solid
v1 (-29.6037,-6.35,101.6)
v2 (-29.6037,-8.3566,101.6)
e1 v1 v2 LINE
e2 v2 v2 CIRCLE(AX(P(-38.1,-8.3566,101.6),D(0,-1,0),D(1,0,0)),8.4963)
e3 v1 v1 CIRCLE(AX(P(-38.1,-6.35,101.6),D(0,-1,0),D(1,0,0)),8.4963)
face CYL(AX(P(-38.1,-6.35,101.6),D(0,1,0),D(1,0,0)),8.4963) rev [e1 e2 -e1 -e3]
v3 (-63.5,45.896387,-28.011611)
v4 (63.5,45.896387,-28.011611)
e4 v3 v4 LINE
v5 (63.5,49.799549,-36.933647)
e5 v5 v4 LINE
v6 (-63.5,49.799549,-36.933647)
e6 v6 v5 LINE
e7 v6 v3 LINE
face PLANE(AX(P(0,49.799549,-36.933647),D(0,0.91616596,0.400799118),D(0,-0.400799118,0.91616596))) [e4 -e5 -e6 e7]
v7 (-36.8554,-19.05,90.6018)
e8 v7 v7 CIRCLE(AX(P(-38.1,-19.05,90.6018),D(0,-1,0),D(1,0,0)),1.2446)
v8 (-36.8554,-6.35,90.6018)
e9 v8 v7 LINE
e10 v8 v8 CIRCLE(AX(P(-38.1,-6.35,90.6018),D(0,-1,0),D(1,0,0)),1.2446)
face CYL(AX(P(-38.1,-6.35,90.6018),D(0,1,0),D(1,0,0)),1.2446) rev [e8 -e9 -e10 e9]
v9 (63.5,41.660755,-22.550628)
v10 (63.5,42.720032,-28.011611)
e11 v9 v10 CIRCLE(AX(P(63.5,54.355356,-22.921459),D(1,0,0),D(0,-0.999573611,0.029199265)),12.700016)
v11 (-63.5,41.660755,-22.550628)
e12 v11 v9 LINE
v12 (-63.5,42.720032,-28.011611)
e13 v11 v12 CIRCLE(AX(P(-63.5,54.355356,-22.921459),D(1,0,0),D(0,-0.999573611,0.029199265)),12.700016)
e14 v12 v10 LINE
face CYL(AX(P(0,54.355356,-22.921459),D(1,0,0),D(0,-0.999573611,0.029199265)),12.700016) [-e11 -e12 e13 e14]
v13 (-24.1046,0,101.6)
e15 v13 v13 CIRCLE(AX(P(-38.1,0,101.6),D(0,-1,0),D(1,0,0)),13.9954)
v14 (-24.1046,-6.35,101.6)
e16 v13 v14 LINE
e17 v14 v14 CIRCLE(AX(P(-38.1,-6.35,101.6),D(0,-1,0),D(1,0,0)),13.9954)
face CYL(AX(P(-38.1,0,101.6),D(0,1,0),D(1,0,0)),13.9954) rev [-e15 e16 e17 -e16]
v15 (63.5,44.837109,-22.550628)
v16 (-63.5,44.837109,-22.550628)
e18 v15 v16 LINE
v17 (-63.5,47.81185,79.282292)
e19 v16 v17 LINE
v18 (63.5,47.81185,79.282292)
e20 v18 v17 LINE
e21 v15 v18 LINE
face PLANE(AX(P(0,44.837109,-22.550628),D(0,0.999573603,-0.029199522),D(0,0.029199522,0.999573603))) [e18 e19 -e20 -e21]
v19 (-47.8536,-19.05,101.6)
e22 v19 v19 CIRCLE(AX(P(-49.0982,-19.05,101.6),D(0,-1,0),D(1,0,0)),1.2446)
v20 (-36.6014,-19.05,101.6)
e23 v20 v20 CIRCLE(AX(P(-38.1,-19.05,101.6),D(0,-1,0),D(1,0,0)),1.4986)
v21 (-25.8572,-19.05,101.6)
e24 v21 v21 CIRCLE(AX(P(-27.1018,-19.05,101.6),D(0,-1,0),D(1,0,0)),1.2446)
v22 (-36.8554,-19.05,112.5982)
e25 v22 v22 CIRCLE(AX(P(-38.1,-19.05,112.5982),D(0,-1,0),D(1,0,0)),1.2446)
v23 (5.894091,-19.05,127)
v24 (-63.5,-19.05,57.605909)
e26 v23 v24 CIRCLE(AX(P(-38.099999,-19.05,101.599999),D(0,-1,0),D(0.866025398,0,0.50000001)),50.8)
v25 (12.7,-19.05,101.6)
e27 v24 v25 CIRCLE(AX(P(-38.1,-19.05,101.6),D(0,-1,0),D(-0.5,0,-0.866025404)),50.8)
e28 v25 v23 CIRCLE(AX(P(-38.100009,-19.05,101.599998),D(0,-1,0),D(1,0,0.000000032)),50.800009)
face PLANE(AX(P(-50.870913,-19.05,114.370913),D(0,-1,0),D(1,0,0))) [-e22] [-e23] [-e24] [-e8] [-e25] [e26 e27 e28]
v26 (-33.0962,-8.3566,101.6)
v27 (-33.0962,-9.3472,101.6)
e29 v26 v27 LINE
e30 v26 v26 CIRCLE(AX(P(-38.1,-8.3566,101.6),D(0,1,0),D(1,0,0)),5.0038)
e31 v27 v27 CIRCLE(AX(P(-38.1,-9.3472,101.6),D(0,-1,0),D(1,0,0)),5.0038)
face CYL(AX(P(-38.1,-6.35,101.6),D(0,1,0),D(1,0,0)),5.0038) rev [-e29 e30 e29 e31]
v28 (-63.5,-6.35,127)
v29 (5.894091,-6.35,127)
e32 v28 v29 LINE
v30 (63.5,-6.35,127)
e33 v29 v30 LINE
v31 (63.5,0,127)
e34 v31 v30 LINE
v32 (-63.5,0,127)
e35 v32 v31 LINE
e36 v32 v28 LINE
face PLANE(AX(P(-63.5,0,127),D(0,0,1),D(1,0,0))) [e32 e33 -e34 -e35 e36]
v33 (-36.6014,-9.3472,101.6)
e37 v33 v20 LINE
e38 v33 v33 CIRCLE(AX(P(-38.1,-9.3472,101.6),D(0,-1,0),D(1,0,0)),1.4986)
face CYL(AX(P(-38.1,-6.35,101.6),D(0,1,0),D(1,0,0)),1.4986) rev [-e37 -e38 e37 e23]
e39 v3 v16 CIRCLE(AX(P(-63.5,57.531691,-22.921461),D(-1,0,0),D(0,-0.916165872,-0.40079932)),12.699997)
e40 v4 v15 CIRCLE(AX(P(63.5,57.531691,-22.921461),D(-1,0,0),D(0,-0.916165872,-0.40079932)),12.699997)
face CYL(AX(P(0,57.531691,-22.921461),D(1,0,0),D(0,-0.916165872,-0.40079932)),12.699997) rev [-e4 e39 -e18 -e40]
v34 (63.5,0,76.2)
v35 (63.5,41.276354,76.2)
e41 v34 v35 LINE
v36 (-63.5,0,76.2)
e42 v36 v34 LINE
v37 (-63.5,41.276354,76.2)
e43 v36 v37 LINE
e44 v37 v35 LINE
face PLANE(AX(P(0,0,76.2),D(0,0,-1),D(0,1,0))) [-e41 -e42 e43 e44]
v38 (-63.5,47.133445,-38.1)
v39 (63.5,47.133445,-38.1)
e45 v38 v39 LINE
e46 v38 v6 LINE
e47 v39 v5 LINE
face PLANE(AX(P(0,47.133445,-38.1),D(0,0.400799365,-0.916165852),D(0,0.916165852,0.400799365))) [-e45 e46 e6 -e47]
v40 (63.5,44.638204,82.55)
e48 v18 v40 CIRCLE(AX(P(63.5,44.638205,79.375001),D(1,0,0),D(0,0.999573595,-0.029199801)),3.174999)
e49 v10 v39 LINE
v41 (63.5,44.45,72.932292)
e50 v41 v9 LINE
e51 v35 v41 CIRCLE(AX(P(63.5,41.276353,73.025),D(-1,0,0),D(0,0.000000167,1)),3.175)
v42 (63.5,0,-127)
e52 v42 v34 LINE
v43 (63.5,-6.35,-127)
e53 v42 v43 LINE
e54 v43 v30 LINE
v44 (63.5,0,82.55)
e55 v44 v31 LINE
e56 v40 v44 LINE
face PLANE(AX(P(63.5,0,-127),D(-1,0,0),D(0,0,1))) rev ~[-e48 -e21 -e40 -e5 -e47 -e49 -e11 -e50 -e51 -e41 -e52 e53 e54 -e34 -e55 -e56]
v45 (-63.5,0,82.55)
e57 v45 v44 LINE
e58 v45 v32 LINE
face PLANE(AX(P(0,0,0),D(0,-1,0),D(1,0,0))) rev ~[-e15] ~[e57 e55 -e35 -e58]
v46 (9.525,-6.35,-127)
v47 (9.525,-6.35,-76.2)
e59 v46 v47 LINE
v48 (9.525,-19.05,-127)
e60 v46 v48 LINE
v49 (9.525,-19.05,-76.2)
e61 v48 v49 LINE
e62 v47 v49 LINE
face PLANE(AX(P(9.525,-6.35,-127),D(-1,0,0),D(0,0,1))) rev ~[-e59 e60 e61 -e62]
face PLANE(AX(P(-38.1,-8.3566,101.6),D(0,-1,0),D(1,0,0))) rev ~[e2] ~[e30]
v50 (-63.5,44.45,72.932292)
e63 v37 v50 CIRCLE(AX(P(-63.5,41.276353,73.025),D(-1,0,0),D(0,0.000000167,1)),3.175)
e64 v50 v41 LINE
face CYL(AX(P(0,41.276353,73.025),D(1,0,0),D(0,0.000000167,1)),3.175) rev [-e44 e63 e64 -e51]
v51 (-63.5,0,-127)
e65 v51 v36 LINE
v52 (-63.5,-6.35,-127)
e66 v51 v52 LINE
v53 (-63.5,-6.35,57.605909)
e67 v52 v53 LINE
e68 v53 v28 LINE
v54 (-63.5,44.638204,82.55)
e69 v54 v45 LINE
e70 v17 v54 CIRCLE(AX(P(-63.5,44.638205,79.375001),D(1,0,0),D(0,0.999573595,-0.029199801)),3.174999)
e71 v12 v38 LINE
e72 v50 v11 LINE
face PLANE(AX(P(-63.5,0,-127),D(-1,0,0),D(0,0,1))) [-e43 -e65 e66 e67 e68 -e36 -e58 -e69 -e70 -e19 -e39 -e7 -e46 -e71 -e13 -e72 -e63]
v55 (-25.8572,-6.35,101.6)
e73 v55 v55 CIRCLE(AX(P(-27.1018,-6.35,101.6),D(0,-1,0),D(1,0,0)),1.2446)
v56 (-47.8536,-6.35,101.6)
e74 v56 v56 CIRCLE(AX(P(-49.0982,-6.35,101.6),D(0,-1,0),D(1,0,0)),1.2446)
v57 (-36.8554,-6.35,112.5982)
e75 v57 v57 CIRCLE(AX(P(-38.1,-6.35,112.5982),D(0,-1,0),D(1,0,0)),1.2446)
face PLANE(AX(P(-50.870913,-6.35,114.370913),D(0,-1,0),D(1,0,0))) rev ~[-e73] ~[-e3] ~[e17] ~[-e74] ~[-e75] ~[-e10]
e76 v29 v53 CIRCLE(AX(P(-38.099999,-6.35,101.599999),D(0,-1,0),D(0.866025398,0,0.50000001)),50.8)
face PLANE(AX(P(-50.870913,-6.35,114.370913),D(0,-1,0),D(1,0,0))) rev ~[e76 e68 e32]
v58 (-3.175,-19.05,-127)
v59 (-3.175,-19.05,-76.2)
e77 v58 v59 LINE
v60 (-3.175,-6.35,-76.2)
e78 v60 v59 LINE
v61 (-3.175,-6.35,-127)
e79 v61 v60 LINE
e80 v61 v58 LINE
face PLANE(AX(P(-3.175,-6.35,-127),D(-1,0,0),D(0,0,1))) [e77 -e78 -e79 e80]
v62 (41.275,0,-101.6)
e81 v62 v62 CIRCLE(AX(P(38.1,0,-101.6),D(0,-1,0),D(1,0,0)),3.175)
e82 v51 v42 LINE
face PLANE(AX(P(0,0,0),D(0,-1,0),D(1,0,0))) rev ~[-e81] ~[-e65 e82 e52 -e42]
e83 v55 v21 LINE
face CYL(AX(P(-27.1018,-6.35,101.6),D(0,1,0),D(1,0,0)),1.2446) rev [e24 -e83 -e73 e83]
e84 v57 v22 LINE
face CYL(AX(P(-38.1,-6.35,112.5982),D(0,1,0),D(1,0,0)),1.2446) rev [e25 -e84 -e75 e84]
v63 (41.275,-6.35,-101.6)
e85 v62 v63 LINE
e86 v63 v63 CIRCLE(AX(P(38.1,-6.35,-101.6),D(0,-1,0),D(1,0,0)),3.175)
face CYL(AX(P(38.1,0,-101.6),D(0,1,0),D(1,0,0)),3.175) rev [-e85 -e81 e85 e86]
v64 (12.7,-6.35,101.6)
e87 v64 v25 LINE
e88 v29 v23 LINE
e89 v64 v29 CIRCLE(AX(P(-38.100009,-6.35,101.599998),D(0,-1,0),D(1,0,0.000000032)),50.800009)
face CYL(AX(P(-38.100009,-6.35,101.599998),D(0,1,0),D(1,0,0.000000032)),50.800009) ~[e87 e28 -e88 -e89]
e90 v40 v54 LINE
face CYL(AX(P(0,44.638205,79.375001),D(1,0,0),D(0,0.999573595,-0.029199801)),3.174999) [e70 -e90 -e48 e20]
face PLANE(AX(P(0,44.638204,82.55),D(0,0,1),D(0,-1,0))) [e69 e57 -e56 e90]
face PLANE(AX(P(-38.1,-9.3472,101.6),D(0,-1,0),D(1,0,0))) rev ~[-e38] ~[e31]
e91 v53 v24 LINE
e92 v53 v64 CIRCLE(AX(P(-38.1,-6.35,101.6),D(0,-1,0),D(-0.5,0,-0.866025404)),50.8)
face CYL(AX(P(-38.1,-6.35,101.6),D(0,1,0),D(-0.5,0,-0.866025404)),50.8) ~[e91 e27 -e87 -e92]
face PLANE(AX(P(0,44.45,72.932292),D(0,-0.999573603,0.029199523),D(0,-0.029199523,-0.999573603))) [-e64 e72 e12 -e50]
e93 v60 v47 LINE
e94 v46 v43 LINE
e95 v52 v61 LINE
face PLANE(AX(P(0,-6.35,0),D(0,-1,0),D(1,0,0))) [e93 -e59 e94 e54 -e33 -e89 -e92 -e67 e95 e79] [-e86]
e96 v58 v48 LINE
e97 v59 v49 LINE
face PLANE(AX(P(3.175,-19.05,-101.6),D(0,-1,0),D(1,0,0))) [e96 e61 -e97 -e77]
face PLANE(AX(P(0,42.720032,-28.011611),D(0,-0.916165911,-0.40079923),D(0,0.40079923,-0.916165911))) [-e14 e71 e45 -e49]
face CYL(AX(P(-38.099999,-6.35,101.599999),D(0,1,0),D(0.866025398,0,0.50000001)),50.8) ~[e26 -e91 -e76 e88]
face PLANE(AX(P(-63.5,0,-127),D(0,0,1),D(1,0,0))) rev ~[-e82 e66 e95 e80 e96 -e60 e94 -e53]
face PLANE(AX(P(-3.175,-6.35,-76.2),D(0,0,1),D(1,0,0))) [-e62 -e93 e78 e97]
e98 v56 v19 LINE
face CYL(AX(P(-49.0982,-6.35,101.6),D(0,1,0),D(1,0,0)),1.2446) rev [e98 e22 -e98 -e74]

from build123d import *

# Parameters (mm, degrees)
F0_W     = 127
F0_H     = 254
F0_R     = 3.175
F0_R_2   = 13.9954
F1_DEPTH = 6.35
F3_DEPTH = 63.5
F4_R     = 13.9954
F4_R_2   = 1.2446
F4_R_3   = 8.4963
F4_R_4   = 5.0038
F4_R_5   = 1.4986
F4_W     = 12.7
F4_H     = 50.8
F5_DEPTH = 12.7
F6_DEPTH = 2.0066
F7_DEPTH = 2.9972


with BuildPart() as f1:
    # F0 (on Front) → F1 (new body)
    with BuildSketch(Plane.XZ):
        Rectangle(F0_W, F0_H)
        with Locations((-38.1, -101.6)):
            Circle(F0_R, mode=Mode.SUBTRACT)
        with Locations((38.1, -101.6)):
            Circle(F0_R, mode=Mode.SUBTRACT)
        with Locations((-38.1, 101.6)):
            Circle(F0_R_2, mode=Mode.SUBTRACT)
        with Locations((38.1, 101.6)):
            Circle(F0_R, mode=Mode.SUBTRACT)
        with Locations((38.1, 101.6)):
            Circle(F0_R)
        with Locations((-38.1, -101.6)):
            Circle(F0_R)
    extrude(amount=F1_DEPTH)

    # F2 (on Right) → F3 (join, symmetric)
    with BuildSketch(Plane.YZ):
        with BuildLine():
            Line((44.638204, 82.55), (0, 82.55))
            Line((0, 82.55), (0, 76.2))
            Line((0, 76.2), (41.276354, 76.2))
            ThreePointArc((41.276354, 76.2), (43.553959, 75.237044), (44.45, 72.932292))
            Line((44.45, 72.932292), (41.660755, -22.550628))
            ThreePointArc((41.660755, -22.550628), (41.887722, -25.339829), (42.720032, -28.011611))
            Line((42.720032, -28.011611), (47.133445, -38.1))
            Line((47.133445, -38.1), (49.799549, -36.933647))
            Line((49.799549, -36.933647), (45.896387, -28.011611))
            ThreePointArc((45.896387, -28.011611), (45.064076, -25.339829), (44.837109, -22.550628))
            Line((44.837109, -22.550628), (47.81185, 79.282292))
            ThreePointArc((47.81185, 79.282292), (46.91581, 81.587044), (44.638204, 82.55))
        make_face()
    extrude(amount=F3_DEPTH, both=True)

    # F4 (on face) → F5 (join)
    with BuildSketch(Plane.XZ.offset(6.35)):
        with BuildLine():
            Line((-63.5, 57.605909), (-63.5, 73.201937))
            Line((-63.5, 73.201937), (-63.5, 127))
            Line((-63.5, 127), (5.894091, 127))
            ThreePointArc((5.894091, 127), (-74.021024, 137.521024), (-63.5, 57.605909))
        make_face()
        with BuildLine():
            Line((-63.5, 127), (-63.5, 73.201937))
            Line((-63.5, 73.201937), (-63.5, 57.605909))
            ThreePointArc((-63.5, 57.605909), (-12.7, 57.605909), (12.7, 101.6))
            ThreePointArc((12.7, 101.6), (10.969032, 114.748007), (5.894091, 127))
            Line((5.894091, 127), (-63.5, 127))
        make_face()
        with Locations((-38.1, 101.6)):
            Circle(F4_R, mode=Mode.SUBTRACT)
        with Locations((-38.1, 101.6)):
            Circle(F4_R)
        with Locations((-38.1, 90.6018)):
            Circle(F4_R_2, mode=Mode.SUBTRACT)
        with Locations((-49.0982, 101.6)):
            Circle(F4_R_2, mode=Mode.SUBTRACT)
        with Locations((-38.1, 101.6)):
            Circle(F4_R_3, mode=Mode.SUBTRACT)
        with Locations((-38.1, 112.5982)):
            Circle(F4_R_2, mode=Mode.SUBTRACT)
        with Locations((-27.1018, 101.6)):
            Circle(F4_R_2, mode=Mode.SUBTRACT)
        with Locations((-38.1, 101.6)):
            Circle(F4_R_3)
        with Locations((-38.1, 101.6)):
            Circle(F4_R_4, mode=Mode.SUBTRACT)
        with Locations((-38.1, 101.6)):
            Circle(F4_R_4)
        with Locations((-38.1, 101.6)):
            Circle(F4_R_5, mode=Mode.SUBTRACT)
        with Locations((3.175, -101.6)):
            Rectangle(F4_W, F4_H)
    extrude(amount=F5_DEPTH)

    # F4 (on face) → F6 (cut)
    with BuildSketch(Plane.XZ.offset(6.35)):
        with Locations((-38.1, 101.6)):
            Circle(F4_R_3)
        with Locations((-38.1, 101.6)):
            Circle(F4_R_4, mode=Mode.SUBTRACT)
        with Locations((-38.1, 101.6)):
            Circle(F4_R_4)
        with Locations((-38.1, 101.6)):
            Circle(F4_R_5, mode=Mode.SUBTRACT)
    extrude(amount=F6_DEPTH, mode=Mode.SUBTRACT)

    # F4 (on face) → F7 (cut)
    with BuildSketch(Plane.XZ.offset(6.35)):
        with Locations((-38.1, 101.6)):
            Circle(F4_R_4)
        with Locations((-38.1, 101.6)):
            Circle(F4_R_5, mode=Mode.SUBTRACT)
    extrude(amount=F7_DEPTH, mode=Mode.SUBTRACT)


solid = f1.part
